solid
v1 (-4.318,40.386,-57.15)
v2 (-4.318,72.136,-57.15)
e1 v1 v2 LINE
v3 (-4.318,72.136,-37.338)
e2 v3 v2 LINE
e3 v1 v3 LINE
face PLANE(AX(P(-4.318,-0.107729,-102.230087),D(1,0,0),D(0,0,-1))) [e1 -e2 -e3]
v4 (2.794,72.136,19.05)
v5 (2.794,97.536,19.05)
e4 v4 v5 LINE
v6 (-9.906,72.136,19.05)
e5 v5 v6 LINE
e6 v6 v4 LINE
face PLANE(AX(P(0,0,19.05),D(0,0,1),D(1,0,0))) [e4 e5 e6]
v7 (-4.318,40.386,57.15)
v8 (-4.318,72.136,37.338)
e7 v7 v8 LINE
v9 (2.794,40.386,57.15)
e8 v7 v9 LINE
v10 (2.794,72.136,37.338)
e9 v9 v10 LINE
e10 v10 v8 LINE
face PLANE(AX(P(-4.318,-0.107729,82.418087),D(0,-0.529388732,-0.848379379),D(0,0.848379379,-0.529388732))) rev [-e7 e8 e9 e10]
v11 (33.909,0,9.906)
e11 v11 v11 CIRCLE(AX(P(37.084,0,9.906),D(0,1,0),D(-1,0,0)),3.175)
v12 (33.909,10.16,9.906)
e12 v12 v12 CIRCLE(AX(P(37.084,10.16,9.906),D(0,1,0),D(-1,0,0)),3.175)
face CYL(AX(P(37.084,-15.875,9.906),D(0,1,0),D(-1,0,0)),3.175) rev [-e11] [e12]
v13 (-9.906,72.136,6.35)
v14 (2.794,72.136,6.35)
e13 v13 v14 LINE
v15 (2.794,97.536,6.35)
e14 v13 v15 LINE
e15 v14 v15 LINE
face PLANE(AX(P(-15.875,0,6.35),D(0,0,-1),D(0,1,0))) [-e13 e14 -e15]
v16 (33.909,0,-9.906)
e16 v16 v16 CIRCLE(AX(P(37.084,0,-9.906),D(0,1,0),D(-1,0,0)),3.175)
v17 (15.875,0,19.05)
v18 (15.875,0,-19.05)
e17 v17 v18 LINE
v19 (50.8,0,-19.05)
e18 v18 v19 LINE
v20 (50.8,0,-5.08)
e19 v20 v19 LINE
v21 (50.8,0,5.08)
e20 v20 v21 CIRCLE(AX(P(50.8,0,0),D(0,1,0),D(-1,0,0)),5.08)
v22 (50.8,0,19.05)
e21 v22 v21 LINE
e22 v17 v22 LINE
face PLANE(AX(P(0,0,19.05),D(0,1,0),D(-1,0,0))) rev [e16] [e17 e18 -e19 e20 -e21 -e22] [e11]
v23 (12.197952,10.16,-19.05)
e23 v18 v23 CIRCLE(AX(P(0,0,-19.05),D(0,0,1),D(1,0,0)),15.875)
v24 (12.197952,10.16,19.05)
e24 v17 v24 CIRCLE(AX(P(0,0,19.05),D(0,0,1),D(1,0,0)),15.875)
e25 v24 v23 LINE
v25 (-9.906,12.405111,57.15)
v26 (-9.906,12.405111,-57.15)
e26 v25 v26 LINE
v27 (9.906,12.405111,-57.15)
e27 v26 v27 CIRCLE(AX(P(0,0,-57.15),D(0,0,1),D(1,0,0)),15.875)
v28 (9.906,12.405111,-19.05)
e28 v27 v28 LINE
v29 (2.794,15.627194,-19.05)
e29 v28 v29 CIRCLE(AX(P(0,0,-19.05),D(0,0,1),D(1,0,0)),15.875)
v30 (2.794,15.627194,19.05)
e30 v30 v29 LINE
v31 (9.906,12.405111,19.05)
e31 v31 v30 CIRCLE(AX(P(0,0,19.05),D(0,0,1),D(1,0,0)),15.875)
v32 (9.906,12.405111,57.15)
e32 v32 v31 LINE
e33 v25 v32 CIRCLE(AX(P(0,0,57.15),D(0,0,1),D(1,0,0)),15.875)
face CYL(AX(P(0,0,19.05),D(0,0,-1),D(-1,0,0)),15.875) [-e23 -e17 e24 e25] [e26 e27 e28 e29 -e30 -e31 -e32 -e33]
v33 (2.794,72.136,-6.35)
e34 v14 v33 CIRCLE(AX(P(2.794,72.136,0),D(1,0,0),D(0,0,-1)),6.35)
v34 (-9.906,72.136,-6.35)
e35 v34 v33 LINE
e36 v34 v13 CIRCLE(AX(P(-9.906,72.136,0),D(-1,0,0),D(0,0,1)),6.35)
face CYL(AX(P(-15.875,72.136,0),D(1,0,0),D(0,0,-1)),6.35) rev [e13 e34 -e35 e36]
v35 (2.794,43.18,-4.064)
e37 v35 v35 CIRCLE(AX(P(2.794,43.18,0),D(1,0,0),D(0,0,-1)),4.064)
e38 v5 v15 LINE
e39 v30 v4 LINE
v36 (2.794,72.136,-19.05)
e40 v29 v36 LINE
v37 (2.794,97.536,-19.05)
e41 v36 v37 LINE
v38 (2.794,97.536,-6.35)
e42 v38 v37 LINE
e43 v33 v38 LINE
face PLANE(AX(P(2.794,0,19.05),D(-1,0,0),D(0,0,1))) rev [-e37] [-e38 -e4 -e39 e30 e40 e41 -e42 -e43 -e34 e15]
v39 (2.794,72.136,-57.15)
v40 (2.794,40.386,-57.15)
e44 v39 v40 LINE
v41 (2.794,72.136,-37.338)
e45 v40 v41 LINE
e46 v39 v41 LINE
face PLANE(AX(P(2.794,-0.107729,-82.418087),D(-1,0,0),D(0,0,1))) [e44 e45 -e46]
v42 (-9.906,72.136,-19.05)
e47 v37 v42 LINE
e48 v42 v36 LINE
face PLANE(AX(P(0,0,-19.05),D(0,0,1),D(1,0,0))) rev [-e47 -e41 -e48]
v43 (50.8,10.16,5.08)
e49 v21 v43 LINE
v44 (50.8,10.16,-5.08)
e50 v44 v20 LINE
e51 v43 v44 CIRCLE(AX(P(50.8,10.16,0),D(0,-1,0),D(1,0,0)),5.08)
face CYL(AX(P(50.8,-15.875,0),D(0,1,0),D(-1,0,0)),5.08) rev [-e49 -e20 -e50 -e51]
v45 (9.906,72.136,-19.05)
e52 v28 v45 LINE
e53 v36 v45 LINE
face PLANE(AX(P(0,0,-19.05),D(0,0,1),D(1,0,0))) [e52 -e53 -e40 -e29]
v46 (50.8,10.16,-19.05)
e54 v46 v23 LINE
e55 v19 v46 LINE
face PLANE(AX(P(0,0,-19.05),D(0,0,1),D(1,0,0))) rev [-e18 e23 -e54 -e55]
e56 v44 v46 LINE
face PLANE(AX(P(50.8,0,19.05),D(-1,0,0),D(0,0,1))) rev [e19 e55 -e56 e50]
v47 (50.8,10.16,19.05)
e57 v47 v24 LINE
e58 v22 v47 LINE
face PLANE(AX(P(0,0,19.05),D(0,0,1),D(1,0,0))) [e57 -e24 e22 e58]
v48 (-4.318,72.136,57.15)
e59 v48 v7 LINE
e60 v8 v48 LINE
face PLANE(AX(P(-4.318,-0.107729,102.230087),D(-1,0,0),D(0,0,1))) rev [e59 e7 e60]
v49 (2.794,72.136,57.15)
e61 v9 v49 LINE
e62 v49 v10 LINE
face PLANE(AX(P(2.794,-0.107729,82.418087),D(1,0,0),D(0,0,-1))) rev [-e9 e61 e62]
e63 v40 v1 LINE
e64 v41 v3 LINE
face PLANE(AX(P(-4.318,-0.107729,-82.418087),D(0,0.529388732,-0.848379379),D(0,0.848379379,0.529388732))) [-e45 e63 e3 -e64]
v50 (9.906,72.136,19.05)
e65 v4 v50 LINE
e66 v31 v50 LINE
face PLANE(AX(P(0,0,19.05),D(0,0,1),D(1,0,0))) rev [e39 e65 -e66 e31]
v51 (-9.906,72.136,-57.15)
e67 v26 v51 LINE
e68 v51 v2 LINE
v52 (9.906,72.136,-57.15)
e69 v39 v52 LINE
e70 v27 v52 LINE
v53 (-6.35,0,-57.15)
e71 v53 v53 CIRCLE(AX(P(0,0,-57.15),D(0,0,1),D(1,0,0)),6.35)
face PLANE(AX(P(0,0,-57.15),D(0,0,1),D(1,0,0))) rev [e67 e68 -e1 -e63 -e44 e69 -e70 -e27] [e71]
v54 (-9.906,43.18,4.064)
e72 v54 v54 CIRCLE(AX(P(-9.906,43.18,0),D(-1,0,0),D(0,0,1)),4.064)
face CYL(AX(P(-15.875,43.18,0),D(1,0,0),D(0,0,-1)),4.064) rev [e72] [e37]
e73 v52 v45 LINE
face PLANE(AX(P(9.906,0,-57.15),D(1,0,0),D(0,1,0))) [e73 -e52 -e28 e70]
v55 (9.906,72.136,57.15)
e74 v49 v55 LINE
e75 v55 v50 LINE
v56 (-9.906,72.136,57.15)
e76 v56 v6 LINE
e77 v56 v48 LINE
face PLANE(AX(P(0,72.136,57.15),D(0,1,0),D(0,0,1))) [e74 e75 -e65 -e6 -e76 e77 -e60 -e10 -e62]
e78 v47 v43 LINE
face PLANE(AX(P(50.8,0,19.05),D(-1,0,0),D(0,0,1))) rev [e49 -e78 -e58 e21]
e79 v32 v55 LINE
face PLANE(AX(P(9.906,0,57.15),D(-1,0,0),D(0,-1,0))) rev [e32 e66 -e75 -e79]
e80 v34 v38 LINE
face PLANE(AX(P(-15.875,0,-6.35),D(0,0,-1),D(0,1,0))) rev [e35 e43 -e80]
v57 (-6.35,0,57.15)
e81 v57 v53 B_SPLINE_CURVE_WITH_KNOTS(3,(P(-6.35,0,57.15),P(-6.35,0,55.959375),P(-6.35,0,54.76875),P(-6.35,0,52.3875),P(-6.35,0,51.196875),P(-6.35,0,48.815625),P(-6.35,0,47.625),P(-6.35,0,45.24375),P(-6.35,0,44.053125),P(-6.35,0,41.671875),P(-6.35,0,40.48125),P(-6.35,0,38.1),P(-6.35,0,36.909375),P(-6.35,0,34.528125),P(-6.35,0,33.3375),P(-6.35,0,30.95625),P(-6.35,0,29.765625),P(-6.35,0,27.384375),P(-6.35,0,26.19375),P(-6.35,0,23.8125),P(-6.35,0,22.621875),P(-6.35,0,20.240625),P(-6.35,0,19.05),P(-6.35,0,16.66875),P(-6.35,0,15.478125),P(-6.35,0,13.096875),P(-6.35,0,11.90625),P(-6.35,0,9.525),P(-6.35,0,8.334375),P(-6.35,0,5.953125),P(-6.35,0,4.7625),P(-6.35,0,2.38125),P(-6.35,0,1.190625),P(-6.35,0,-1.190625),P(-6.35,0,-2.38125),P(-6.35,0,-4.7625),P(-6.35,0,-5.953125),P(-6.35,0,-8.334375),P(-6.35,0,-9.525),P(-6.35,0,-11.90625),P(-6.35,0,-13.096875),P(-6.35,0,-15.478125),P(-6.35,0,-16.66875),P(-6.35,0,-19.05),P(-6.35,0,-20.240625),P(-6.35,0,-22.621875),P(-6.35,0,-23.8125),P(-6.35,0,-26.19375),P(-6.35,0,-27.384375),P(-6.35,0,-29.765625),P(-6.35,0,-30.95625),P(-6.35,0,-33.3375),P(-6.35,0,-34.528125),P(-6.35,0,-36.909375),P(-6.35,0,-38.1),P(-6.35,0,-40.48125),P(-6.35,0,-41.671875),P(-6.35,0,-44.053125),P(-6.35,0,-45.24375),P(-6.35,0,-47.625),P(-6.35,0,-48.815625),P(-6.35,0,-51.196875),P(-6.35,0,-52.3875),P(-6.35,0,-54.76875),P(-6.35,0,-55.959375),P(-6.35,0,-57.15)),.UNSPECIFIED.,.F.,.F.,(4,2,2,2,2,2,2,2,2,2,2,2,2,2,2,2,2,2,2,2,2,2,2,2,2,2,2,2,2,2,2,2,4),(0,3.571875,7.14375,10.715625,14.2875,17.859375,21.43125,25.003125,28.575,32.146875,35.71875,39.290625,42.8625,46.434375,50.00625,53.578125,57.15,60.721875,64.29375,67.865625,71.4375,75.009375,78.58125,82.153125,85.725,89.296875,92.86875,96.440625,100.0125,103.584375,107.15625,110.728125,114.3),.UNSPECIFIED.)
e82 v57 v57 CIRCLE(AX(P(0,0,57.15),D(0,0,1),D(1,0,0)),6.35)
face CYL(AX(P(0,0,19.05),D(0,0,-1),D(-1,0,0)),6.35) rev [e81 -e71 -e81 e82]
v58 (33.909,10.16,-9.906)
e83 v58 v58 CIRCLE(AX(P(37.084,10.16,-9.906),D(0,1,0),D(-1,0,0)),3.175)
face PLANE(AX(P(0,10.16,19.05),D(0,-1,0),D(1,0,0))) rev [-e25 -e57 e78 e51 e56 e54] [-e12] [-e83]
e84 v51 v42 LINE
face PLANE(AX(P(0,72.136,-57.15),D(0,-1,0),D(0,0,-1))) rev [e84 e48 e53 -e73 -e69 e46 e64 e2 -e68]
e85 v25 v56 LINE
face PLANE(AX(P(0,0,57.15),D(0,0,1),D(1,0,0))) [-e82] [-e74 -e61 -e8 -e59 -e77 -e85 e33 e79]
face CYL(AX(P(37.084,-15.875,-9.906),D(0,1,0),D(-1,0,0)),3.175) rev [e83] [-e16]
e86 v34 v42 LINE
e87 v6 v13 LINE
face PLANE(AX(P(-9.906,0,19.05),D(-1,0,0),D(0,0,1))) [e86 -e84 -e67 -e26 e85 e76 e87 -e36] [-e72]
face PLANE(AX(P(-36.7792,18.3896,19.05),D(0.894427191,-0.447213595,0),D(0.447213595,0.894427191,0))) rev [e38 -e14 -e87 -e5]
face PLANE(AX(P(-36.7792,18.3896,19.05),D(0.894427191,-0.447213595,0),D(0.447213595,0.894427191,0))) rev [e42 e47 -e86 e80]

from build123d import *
from build123d.topology import SkipClean

# Parameters (mm, degrees)
SKETCH1_R           = 15.875
SKETCH1_R_2         = 6.35
BOSS_EXTRUDE1_DEPTH = 19.05
BOSS_EXTRUDE2_START = 19.05
SKETCH1_3_R         = 15.875
SKETCH1_3_R_2       = 6.35
BOSS_EXTRUDE2_DEPTH = 38.1
BOSS_EXTRUDE3_START = -19.05
SKETCH1_4_R         = 15.875
SKETCH1_4_R_2       = 6.35
BOSS_EXTRUDE3_DEPTH = 38.1
SKETCH2_W           = 7.112
SKETCH2_H           = 19.812
CUT_EXTRUDE1_DEPTH  = 138.602767
SKETCH4_R           = 6.35
SKETCH4_R_2         = 4.064
CUT_EXTRUDE2_DEPTH  = 123.816814
SKETCH5_R           = 3.175
SKETCH5_R_2         = 5.08
CUT_EXTRUDE3_DEPTH  = 117.109121


with BuildPart() as part:
    # Sketch1 → Boss-Extrude1 (new, symmetric)
    with BuildSketch(Plane.XY):
        Polygon((2.794, 97.536), (-9.906, 72.136), (0, 72.136), (2.794, 72.136), align=None)
        with BuildLine():
            Line((-9.906, 72.136), (-9.906, 12.405111))
            ThreePointArc((-9.906, 12.405111), (-5.24807, 14.982436), (0, 15.875))
            Line((0, 15.875), (0, 72.136))
            Line((0, 72.136), (-9.906, 72.136))
        make_face()
        with BuildLine():
            Line((0, 72.136), (0, 15.875))
            ThreePointArc((0, 15.875), (1.402484, 15.812927), (2.794, 15.627194))
            Line((2.794, 15.627194), (2.794, 72.136))
            Line((2.794, 72.136), (0, 72.136))
        make_face()
        Circle(SKETCH1_R)
        with Locations(Location((0, 0, 0), (0, 0, 180))):
            Circle(SKETCH1_R_2, mode=Mode.SUBTRACT)
        with BuildLine():
            ThreePointArc((12.197952, 10.16), (14.92746, 5.40246), (15.875, 0))
            Line((15.875, 0), (50.8, 0))
            Line((50.8, 0), (50.8, 10.16))
            Line((50.8, 10.16), (12.197952, 10.16))
        make_face()
    extrude(amount=BOSS_EXTRUDE1_DEPTH, both=True)

    # Sketch1<3> → Boss-Extrude2 (add)
    with BuildSketch(Plane.XY.offset(BOSS_EXTRUDE2_START)):
        with BuildLine():
            Line((-9.906, 72.136), (-9.906, 12.405111))
            ThreePointArc((-9.906, 12.405111), (-5.24807, 14.982436), (0, 15.875))
            Line((0, 15.875), (0, 72.136))
            Line((0, 72.136), (-9.906, 72.136))
        make_face()
        Circle(SKETCH1_3_R)
        with Locations(Location((0, 0, 0), (0, 0, 180))):
            Circle(SKETCH1_3_R_2, mode=Mode.SUBTRACT)
        with BuildLine():
            ThreePointArc((2.794, 15.627194), (6.55118, 14.46021), (9.906, 12.405111))
            Line((9.906, 12.405111), (9.906, 72.136))
            Line((9.906, 72.136), (2.794, 72.136))
            Line((2.794, 72.136), (2.794, 15.627194))
        make_face()
        with BuildLine():
            Line((0, 72.136), (0, 15.875))
            ThreePointArc((0, 15.875), (1.402484, 15.812927), (2.794, 15.627194))
            Line((2.794, 15.627194), (2.794, 72.136))
            Line((2.794, 72.136), (0, 72.136))
        make_face()
    extrude(amount=BOSS_EXTRUDE2_DEPTH)

    # Sketch1<4> → Boss-Extrude3 (add)
    with SkipClean():  # the faces are left unmerged after this step: merging them gives an invalid solid
        with BuildSketch(Plane.XY.offset(BOSS_EXTRUDE3_START)):
            with BuildLine():
                ThreePointArc((2.794, 15.627194), (6.55118, 14.46021), (9.906, 12.405111))
                Line((9.906, 12.405111), (9.906, 72.136))
                Line((9.906, 72.136), (2.794, 72.136))
                Line((2.794, 72.136), (2.794, 15.627194))
            make_face()
            with BuildLine():
                Line((-9.906, 72.136), (-9.906, 12.405111))
                ThreePointArc((-9.906, 12.405111), (-5.24807, 14.982436), (0, 15.875))
                Line((0, 15.875), (0, 72.136))
                Line((0, 72.136), (-9.906, 72.136))
            make_face()
            Circle(SKETCH1_4_R)
            with Locations(Location((0, 0, 0), (0, 0, 180))):
                Circle(SKETCH1_4_R_2, mode=Mode.SUBTRACT)
            with BuildLine():
                Line((0, 72.136), (0, 15.875))
                ThreePointArc((0, 15.875), (1.402484, 15.812927), (2.794, 15.627194))
                Line((2.794, 15.627194), (2.794, 72.136))
                Line((2.794, 72.136), (0, 72.136))
            make_face()
        extrude(amount=-BOSS_EXTRUDE3_DEPTH)

    # Sketch2 → Cut-Extrude1 (cut, through all, along a direction that is not the sketch's normal)
    with SkipClean():  # the faces are left unmerged after this step: merging them gives an invalid solid
        with BuildSketch(Plane(origin=(0, 72.136, 0), x_dir=(1, 0, 0), z_dir=(0, 1, 0))):
            with Locations((-0.762, -47.244)):
                Rectangle(SKETCH2_W, SKETCH2_H)
        cut_extrude1 = extrude(amount=-CUT_EXTRUDE1_DEPTH, dir=(0, 0.8483793786580408, -0.5293887322826173), mode=Mode.SUBTRACT)

    # Mirror1: Cut-Extrude1 across plane
    with SkipClean():  # the faces are left unmerged after this step: merging them gives an invalid solid
        add(cut_extrude1.mirror(Plane.XY), mode=Mode.SUBTRACT)

    # Sketch4 → Cut-Extrude2 (cut, through all)
    with SkipClean():  # the faces are left unmerged after this step: merging them gives an invalid solid
        with BuildSketch(Plane(origin=(2.794, 0, 0), x_dir=(0, 0, -1), z_dir=(1, 0, 0))):
            with BuildLine():
                Line((-6.35, 97.536), (-6.35, 72.136))
                ThreePointArc((-6.35, 72.136), (0, 78.486), (6.35, 72.136))
                Line((6.35, 72.136), (6.35, 97.536))
                Line((6.35, 97.536), (-6.35, 97.536))
            make_face()
            with Locations((0, 72.136)):
                Circle(SKETCH4_R)
            with Locations((0, 43.18)):
                Circle(SKETCH4_R_2)
        extrude(amount=-CUT_EXTRUDE2_DEPTH, mode=Mode.SUBTRACT)

    # Sketch5 → Cut-Extrude3 (cut, through all)
    with SkipClean():  # the faces are left unmerged after this step: merging them gives an invalid solid
        with BuildSketch(Plane(origin=(0, 10.16, 0), x_dir=(1, 0, 0), z_dir=(0, 1, 0))):
            with Locations(Location((37.084, -9.906, 0), (0, 0, 180))):
                Circle(SKETCH5_R)
            with Locations(Location((37.084, 9.906, 0), (0, 0, 180))):
                Circle(SKETCH5_R)
            with Locations((50.8, 0)):
                Circle(SKETCH5_R_2)
        extrude(amount=-CUT_EXTRUDE3_DEPTH, mode=Mode.SUBTRACT)


solid = part.part
